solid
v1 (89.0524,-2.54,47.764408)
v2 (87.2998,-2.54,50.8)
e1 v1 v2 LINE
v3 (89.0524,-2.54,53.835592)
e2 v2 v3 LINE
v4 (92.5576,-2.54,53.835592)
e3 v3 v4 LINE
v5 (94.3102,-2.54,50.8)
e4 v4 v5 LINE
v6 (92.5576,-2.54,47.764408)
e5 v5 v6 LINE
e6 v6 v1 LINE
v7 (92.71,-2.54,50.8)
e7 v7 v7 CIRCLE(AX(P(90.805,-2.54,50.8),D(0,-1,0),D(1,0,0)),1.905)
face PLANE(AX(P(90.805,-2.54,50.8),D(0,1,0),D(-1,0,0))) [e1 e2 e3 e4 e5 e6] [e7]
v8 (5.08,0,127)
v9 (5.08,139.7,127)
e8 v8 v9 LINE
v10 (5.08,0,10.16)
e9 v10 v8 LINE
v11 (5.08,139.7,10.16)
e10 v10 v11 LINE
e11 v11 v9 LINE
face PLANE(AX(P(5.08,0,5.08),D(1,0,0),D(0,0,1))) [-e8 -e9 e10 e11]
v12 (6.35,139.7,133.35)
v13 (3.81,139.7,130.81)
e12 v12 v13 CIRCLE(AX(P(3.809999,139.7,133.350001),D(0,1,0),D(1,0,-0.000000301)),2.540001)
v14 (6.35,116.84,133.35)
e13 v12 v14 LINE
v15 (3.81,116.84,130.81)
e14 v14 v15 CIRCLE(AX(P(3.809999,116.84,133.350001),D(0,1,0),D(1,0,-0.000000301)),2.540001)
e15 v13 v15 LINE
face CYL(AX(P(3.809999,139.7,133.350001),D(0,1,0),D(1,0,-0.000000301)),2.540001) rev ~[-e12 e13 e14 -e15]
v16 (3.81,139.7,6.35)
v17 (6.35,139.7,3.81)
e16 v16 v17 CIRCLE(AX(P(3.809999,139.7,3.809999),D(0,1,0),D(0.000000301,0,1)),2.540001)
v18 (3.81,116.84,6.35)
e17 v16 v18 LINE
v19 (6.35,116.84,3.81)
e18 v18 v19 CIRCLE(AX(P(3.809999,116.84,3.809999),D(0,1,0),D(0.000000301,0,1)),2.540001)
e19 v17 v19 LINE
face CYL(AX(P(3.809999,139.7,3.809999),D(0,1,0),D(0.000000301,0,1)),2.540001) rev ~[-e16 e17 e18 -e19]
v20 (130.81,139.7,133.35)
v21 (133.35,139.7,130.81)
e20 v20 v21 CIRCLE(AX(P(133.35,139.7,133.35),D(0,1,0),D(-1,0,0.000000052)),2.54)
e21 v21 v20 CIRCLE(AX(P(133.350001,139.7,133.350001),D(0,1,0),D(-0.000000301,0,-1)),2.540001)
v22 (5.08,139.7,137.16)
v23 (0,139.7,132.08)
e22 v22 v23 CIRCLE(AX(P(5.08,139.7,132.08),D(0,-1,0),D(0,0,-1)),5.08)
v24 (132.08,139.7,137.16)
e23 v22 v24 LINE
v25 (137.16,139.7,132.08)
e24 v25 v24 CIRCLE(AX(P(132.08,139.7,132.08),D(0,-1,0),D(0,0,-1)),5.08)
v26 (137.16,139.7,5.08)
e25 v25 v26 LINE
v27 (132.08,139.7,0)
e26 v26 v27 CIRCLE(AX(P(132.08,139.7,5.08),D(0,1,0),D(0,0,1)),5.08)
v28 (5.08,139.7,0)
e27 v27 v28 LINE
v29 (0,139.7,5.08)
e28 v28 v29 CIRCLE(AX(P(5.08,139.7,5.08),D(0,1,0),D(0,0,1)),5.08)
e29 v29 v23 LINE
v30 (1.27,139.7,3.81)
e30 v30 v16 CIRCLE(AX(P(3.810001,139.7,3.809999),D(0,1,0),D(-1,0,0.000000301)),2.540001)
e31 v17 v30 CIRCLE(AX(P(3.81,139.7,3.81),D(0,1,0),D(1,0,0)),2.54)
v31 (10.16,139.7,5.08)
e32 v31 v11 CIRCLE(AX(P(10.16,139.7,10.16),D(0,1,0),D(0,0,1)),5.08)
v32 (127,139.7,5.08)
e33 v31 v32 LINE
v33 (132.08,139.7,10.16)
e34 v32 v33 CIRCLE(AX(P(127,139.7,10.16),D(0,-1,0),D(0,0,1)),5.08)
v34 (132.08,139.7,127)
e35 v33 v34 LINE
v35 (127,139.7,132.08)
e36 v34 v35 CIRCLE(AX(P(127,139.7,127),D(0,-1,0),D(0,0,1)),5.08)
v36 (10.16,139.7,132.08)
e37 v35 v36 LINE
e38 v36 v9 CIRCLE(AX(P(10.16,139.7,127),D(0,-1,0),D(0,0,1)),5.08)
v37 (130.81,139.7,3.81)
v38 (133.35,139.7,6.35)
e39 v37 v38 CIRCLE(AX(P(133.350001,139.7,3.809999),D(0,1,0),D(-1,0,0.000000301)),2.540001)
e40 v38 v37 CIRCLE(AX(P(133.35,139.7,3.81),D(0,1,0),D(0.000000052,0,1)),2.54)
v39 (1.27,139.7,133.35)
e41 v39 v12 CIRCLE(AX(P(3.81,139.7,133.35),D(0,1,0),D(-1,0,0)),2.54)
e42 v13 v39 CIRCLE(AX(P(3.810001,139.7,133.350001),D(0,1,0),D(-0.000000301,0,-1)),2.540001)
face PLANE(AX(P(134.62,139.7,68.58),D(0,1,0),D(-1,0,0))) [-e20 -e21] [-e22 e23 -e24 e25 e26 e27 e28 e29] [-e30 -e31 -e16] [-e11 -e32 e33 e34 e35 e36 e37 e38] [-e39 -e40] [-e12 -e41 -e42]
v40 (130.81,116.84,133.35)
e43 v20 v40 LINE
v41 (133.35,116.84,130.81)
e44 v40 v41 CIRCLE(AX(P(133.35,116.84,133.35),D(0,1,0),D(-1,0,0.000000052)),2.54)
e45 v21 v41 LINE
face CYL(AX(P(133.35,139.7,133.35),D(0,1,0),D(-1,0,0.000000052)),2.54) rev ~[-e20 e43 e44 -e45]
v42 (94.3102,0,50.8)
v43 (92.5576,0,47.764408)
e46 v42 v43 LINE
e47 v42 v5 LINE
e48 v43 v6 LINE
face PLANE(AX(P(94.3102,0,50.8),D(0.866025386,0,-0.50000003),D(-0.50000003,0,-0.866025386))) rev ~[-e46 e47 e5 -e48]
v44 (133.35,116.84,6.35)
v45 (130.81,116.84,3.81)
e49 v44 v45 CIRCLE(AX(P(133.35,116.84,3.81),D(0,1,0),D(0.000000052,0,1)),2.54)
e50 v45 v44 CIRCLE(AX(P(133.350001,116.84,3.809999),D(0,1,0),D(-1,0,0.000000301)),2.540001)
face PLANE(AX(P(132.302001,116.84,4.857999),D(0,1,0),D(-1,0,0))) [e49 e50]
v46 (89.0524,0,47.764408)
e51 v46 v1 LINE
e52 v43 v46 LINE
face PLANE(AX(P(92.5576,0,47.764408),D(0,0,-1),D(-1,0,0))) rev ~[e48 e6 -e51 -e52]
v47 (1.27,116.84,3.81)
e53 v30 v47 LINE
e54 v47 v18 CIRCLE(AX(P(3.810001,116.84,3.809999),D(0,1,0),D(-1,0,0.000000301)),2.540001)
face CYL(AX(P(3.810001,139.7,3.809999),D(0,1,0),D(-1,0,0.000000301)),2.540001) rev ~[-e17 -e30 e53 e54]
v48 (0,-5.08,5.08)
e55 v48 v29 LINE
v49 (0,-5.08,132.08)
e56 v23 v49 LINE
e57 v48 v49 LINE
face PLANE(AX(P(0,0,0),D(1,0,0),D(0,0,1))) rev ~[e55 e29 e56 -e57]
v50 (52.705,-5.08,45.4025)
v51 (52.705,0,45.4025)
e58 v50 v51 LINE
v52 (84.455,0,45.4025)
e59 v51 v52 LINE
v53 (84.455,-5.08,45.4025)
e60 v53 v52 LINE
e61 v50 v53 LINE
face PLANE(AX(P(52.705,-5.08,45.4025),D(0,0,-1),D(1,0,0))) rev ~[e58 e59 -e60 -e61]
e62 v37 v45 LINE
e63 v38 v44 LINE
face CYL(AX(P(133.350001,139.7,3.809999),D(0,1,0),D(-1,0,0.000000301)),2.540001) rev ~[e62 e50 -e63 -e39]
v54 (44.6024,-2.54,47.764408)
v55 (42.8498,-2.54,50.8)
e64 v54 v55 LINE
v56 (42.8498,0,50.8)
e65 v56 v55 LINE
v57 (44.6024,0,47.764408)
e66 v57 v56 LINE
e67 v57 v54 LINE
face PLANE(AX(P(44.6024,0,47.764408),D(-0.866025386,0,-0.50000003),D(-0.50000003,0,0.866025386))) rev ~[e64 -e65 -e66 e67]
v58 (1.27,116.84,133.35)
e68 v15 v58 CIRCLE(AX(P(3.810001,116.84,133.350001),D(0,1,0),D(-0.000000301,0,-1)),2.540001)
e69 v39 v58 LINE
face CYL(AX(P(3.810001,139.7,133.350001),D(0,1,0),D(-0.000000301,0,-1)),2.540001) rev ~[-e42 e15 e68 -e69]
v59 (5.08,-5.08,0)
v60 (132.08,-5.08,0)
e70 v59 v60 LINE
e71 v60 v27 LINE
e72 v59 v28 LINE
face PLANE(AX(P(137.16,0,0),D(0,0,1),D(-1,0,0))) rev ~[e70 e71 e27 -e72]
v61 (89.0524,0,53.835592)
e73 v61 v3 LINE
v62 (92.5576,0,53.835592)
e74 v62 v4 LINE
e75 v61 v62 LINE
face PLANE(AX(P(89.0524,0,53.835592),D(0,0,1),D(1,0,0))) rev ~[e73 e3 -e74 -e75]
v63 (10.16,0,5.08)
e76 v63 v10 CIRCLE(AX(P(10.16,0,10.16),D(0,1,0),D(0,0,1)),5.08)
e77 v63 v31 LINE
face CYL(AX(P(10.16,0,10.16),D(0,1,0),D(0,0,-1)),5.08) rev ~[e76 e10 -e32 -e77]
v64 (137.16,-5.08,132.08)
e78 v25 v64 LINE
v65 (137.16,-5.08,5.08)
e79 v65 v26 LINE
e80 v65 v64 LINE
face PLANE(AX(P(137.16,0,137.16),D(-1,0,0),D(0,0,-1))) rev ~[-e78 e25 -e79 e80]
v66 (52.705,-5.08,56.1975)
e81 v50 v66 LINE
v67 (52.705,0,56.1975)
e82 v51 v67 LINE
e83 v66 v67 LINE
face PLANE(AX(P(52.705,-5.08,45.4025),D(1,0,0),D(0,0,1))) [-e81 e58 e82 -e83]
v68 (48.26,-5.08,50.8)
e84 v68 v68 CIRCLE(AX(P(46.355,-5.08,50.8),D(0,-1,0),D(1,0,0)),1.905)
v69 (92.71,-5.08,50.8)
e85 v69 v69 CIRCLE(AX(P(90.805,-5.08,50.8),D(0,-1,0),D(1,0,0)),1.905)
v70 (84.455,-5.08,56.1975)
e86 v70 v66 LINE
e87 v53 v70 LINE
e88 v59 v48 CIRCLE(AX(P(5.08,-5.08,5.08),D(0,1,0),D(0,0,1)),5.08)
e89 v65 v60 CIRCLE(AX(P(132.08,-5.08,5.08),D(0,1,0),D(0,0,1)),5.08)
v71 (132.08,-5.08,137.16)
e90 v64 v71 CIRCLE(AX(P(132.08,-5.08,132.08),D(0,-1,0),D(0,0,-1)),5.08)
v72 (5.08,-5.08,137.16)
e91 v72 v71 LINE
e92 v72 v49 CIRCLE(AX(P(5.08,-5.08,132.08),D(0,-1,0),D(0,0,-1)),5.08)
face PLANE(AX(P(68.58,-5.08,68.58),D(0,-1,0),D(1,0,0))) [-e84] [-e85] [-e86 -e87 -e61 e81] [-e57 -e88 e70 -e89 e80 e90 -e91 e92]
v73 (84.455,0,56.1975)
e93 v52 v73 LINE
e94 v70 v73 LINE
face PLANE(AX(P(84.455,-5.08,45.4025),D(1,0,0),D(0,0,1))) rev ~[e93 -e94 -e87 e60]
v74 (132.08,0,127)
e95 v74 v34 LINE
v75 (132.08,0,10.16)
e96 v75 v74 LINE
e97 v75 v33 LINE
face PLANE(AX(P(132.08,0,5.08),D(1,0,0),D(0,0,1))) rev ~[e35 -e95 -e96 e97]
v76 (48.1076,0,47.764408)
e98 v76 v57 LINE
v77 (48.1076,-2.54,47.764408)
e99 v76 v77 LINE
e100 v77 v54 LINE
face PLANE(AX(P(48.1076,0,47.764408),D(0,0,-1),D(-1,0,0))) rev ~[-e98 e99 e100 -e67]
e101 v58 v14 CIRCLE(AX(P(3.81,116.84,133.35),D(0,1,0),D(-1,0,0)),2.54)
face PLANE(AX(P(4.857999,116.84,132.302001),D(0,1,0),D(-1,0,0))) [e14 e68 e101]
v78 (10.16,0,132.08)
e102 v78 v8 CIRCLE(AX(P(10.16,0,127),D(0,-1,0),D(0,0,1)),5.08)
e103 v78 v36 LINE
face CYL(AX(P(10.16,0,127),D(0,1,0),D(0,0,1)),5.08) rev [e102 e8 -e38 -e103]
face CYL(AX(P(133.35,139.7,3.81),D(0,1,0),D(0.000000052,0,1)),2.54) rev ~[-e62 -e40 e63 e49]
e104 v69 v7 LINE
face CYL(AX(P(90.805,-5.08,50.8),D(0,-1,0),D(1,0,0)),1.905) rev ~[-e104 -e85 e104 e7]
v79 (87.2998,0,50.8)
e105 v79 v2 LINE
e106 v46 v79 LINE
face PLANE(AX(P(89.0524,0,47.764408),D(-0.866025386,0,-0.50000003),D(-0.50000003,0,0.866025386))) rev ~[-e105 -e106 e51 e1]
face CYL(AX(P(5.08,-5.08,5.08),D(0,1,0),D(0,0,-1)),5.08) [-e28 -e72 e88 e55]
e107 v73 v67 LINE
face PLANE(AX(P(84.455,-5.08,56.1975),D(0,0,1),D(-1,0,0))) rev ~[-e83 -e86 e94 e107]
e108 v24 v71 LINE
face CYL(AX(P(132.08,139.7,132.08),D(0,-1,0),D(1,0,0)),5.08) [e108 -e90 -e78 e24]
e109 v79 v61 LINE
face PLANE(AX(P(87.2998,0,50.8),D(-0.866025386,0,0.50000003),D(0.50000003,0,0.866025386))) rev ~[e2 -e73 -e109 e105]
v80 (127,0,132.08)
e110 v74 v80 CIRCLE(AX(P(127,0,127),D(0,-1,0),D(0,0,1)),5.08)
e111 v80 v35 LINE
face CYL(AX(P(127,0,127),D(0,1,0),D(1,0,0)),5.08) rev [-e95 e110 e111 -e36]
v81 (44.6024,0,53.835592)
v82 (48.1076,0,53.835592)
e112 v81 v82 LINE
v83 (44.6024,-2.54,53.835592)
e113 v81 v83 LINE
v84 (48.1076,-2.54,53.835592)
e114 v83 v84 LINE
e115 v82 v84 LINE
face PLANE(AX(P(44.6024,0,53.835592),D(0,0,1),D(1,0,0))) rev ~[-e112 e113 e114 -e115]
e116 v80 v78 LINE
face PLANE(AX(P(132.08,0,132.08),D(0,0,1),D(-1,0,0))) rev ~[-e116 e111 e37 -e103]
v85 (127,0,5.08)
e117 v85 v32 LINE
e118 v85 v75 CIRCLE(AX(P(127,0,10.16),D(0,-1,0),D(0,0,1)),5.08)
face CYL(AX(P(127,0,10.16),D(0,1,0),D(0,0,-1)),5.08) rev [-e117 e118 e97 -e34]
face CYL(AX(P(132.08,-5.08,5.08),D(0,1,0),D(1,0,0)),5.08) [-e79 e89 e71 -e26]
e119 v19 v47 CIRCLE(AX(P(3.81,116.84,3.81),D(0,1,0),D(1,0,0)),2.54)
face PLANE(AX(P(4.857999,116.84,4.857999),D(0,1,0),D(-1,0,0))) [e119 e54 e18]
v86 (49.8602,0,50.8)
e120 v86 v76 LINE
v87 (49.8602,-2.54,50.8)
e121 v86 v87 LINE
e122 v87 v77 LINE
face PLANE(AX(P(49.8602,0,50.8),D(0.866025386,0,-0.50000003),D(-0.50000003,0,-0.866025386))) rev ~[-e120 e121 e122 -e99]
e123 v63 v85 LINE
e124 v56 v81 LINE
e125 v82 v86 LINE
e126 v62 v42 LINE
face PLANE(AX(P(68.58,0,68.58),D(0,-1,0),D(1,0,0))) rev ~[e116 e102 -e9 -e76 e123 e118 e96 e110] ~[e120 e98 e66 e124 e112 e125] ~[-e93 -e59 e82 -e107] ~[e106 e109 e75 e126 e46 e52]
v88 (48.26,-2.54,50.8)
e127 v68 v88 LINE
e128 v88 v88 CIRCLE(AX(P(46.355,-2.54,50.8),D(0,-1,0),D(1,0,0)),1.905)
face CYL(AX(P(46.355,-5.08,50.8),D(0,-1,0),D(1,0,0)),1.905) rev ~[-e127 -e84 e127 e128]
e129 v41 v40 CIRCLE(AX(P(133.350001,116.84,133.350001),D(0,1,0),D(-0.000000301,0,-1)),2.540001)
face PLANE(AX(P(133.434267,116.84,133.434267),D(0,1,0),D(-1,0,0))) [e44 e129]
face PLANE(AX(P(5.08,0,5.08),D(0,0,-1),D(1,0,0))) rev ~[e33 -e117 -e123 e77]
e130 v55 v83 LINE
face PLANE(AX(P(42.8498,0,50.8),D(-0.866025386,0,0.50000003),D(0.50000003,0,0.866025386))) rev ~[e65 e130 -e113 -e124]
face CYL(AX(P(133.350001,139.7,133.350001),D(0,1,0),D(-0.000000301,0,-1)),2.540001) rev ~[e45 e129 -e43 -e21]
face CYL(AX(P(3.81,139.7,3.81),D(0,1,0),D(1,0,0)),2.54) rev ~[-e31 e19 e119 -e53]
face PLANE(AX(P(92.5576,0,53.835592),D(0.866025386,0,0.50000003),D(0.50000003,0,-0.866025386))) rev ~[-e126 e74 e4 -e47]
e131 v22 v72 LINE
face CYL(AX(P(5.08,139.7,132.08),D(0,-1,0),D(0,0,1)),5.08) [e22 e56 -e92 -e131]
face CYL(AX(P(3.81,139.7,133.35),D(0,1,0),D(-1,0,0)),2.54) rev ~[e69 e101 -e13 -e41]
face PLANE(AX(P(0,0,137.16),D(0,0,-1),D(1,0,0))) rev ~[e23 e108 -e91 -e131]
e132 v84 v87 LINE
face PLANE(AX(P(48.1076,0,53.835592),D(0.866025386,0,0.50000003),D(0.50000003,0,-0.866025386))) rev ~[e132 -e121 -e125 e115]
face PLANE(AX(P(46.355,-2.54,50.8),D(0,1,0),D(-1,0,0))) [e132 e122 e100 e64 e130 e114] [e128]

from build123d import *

# Parameters (mm, degrees)
F0_W      = 137.16
F0_H      = 137.16
F1_DEPTH  = 5.08
F2_W      = 5.08
F2_H      = 127
F3_DEPTH  = 139.7
F4_W      = 15.875
F4_H      = 10.795
F5_DEPTH  = 5.08
F6_R      = 1.905
F7_DEPTH  = 5.08
F8_R      = 5.08
F10_DEPTH = 2.54
F12_DEPTH = 22.86


with BuildPart() as f1:
    # F0 (on Front) → F1 (new body)
    with BuildSketch(Plane.XZ):
        with Locations((68.58, 68.58)):
            Rectangle(F0_W, F0_H)
    extrude(amount=F1_DEPTH)

    # F2 (on face) → F3 (join)
    with BuildSketch(Plane(origin=(0, 0, 0), x_dir=(-1, 0, 0), z_dir=(0, 1, 0))):
        Polygon((-132.08, 137.16), (-137.16, 137.16), (-137.16, 0), (-132.08, 0), (-132.08, 5.08), (-132.08, 132.08), align=None)
        Polygon((0, 137.16), (-132.08, 137.16), (-132.08, 132.08), (-5.08, 132.08), (0, 132.08), align=None)
        Polygon((-132.08, 5.08), (-132.08, 0), (0, 0), (0, 5.08), (-5.08, 5.08), align=None)
        with Locations((-2.54, 68.58)):
            Rectangle(F2_W, F2_H)
    extrude(amount=F3_DEPTH)

    # F4 (on face) → F5 (cut, through all)
    with BuildSketch(Plane.XZ.offset(5.08)):
        with Locations((76.5175, 50.8)):
            Rectangle(F4_W, F4_H)
        with Locations((60.6425, 50.8)):
            Rectangle(F4_W, F4_H)
    extrude(amount=-F5_DEPTH, mode=Mode.SUBTRACT)

    # F6 (on face) → F7 (cut, through all)
    with BuildSketch(Plane.XZ.offset(5.08)):
        with BuildLine():
            ThreePointArc((88.9, 50.8), (90.805, 48.895), (92.71, 50.8))
            ThreePointArc((92.71, 50.8), (90.805, 52.705), (88.9, 50.8))
        make_face()
        with Locations((46.355, 50.8)):
            Circle(F6_R)
    extrude(amount=-F7_DEPTH, mode=Mode.SUBTRACT)

    # F8
    f8_edges = [f1.edges().sort_by_distance(p)[0] for p in [
        (0, 67.31, 137.16),
        (137.16, 67.31, 137.16),
        (0, 67.31, 0),
        (137.16, 67.31, 0),
        (5.08, 69.85, 132.08),
        (132.08, 69.85, 132.08),
        (5.08, 69.85, 5.08),
        (132.08, 69.85, 5.08),
    ]]
    fillet(f8_edges, radius=F8_R)

    # F9 (on face) → F10 (cut)
    with BuildSketch(Plane(origin=(0, 0, 0), x_dir=(-1, 0, 0), z_dir=(0, 1, 0))):
        Polygon((-89.0524, 53.835592), (-92.5576, 53.835592), (-94.3102, 50.8), (-92.5576, 47.764408), (-89.0524, 47.764408), (-87.2998, 50.8), align=None)
        Polygon((-42.8498, 50.8), (-44.6024, 53.835592), (-48.1076, 53.835592), (-49.8602, 50.8), (-48.1076, 47.764408), (-44.6024, 47.764408), align=None)
    extrude(amount=-F10_DEPTH, mode=Mode.SUBTRACT)

    # F11 (on face) → F12 (cut)
    with BuildSketch(Plane(origin=(0, 139.7, 0), x_dir=(-1, 0, 0), z_dir=(0, 1, 0))):
        with BuildLine():
            Line((-133.35, 130.81), (-133.35, 133.35))
            Line((-133.35, 133.35), (-130.81, 133.35))
            ThreePointArc((-130.81, 133.35), (-135.146051, 135.146051), (-133.35, 130.81))
        make_face()
        with BuildLine():
            Line((-130.81, 133.35), (-133.35, 133.35))
            Line((-133.35, 133.35), (-133.35, 130.81))
            ThreePointArc((-133.35, 130.81), (-131.553949, 131.553949), (-130.81, 133.35))
        make_face()
        with BuildLine():
            ThreePointArc((-130.81, 3.81), (-131.553949, 5.606051), (-133.35, 6.35))
            Line((-133.35, 6.35), (-133.35, 3.81))
            Line((-133.35, 3.81), (-130.81, 3.81))
        make_face()
        with BuildLine():
            Line((-133.35, 3.81), (-133.35, 6.35))
            ThreePointArc((-133.35, 6.35), (-135.146051, 2.013949), (-130.81, 3.81))
            Line((-130.81, 3.81), (-133.35, 3.81))
        make_face()
        with BuildLine():
            Line((-3.81, 3.81), (-3.81, 6.35))
            ThreePointArc((-3.81, 6.35), (-5.606051, 5.606051), (-6.35, 3.81))
            Line((-6.35, 3.81), (-3.81, 3.81))
        make_face()
        with BuildLine():
            ThreePointArc((-1.27, 3.81), (-2.013949, 5.606051), (-3.81, 6.35))
            Line((-3.81, 6.35), (-3.81, 3.81))
            Line((-3.81, 3.81), (-6.35, 3.81))
            ThreePointArc((-6.35, 3.81), (-3.81, 1.27), (-1.27, 3.81))
        make_face()
        with BuildLine():
            Line((-3.81, 133.35), (-6.35, 133.35))
            ThreePointArc((-6.35, 133.35), (-5.606051, 131.553949), (-3.81, 130.81))
            Line((-3.81, 130.81), (-3.81, 133.35))
        make_face()
        with BuildLine():
            ThreePointArc((-1.27, 133.35), (-3.81, 135.89), (-6.35, 133.35))
            Line((-6.35, 133.35), (-3.81, 133.35))
            Line((-3.81, 133.35), (-3.81, 130.81))
            ThreePointArc((-3.81, 130.81), (-2.013949, 131.553949), (-1.27, 133.35))
        make_face()
    extrude(amount=-F12_DEPTH, mode=Mode.SUBTRACT)


solid = f1.part
